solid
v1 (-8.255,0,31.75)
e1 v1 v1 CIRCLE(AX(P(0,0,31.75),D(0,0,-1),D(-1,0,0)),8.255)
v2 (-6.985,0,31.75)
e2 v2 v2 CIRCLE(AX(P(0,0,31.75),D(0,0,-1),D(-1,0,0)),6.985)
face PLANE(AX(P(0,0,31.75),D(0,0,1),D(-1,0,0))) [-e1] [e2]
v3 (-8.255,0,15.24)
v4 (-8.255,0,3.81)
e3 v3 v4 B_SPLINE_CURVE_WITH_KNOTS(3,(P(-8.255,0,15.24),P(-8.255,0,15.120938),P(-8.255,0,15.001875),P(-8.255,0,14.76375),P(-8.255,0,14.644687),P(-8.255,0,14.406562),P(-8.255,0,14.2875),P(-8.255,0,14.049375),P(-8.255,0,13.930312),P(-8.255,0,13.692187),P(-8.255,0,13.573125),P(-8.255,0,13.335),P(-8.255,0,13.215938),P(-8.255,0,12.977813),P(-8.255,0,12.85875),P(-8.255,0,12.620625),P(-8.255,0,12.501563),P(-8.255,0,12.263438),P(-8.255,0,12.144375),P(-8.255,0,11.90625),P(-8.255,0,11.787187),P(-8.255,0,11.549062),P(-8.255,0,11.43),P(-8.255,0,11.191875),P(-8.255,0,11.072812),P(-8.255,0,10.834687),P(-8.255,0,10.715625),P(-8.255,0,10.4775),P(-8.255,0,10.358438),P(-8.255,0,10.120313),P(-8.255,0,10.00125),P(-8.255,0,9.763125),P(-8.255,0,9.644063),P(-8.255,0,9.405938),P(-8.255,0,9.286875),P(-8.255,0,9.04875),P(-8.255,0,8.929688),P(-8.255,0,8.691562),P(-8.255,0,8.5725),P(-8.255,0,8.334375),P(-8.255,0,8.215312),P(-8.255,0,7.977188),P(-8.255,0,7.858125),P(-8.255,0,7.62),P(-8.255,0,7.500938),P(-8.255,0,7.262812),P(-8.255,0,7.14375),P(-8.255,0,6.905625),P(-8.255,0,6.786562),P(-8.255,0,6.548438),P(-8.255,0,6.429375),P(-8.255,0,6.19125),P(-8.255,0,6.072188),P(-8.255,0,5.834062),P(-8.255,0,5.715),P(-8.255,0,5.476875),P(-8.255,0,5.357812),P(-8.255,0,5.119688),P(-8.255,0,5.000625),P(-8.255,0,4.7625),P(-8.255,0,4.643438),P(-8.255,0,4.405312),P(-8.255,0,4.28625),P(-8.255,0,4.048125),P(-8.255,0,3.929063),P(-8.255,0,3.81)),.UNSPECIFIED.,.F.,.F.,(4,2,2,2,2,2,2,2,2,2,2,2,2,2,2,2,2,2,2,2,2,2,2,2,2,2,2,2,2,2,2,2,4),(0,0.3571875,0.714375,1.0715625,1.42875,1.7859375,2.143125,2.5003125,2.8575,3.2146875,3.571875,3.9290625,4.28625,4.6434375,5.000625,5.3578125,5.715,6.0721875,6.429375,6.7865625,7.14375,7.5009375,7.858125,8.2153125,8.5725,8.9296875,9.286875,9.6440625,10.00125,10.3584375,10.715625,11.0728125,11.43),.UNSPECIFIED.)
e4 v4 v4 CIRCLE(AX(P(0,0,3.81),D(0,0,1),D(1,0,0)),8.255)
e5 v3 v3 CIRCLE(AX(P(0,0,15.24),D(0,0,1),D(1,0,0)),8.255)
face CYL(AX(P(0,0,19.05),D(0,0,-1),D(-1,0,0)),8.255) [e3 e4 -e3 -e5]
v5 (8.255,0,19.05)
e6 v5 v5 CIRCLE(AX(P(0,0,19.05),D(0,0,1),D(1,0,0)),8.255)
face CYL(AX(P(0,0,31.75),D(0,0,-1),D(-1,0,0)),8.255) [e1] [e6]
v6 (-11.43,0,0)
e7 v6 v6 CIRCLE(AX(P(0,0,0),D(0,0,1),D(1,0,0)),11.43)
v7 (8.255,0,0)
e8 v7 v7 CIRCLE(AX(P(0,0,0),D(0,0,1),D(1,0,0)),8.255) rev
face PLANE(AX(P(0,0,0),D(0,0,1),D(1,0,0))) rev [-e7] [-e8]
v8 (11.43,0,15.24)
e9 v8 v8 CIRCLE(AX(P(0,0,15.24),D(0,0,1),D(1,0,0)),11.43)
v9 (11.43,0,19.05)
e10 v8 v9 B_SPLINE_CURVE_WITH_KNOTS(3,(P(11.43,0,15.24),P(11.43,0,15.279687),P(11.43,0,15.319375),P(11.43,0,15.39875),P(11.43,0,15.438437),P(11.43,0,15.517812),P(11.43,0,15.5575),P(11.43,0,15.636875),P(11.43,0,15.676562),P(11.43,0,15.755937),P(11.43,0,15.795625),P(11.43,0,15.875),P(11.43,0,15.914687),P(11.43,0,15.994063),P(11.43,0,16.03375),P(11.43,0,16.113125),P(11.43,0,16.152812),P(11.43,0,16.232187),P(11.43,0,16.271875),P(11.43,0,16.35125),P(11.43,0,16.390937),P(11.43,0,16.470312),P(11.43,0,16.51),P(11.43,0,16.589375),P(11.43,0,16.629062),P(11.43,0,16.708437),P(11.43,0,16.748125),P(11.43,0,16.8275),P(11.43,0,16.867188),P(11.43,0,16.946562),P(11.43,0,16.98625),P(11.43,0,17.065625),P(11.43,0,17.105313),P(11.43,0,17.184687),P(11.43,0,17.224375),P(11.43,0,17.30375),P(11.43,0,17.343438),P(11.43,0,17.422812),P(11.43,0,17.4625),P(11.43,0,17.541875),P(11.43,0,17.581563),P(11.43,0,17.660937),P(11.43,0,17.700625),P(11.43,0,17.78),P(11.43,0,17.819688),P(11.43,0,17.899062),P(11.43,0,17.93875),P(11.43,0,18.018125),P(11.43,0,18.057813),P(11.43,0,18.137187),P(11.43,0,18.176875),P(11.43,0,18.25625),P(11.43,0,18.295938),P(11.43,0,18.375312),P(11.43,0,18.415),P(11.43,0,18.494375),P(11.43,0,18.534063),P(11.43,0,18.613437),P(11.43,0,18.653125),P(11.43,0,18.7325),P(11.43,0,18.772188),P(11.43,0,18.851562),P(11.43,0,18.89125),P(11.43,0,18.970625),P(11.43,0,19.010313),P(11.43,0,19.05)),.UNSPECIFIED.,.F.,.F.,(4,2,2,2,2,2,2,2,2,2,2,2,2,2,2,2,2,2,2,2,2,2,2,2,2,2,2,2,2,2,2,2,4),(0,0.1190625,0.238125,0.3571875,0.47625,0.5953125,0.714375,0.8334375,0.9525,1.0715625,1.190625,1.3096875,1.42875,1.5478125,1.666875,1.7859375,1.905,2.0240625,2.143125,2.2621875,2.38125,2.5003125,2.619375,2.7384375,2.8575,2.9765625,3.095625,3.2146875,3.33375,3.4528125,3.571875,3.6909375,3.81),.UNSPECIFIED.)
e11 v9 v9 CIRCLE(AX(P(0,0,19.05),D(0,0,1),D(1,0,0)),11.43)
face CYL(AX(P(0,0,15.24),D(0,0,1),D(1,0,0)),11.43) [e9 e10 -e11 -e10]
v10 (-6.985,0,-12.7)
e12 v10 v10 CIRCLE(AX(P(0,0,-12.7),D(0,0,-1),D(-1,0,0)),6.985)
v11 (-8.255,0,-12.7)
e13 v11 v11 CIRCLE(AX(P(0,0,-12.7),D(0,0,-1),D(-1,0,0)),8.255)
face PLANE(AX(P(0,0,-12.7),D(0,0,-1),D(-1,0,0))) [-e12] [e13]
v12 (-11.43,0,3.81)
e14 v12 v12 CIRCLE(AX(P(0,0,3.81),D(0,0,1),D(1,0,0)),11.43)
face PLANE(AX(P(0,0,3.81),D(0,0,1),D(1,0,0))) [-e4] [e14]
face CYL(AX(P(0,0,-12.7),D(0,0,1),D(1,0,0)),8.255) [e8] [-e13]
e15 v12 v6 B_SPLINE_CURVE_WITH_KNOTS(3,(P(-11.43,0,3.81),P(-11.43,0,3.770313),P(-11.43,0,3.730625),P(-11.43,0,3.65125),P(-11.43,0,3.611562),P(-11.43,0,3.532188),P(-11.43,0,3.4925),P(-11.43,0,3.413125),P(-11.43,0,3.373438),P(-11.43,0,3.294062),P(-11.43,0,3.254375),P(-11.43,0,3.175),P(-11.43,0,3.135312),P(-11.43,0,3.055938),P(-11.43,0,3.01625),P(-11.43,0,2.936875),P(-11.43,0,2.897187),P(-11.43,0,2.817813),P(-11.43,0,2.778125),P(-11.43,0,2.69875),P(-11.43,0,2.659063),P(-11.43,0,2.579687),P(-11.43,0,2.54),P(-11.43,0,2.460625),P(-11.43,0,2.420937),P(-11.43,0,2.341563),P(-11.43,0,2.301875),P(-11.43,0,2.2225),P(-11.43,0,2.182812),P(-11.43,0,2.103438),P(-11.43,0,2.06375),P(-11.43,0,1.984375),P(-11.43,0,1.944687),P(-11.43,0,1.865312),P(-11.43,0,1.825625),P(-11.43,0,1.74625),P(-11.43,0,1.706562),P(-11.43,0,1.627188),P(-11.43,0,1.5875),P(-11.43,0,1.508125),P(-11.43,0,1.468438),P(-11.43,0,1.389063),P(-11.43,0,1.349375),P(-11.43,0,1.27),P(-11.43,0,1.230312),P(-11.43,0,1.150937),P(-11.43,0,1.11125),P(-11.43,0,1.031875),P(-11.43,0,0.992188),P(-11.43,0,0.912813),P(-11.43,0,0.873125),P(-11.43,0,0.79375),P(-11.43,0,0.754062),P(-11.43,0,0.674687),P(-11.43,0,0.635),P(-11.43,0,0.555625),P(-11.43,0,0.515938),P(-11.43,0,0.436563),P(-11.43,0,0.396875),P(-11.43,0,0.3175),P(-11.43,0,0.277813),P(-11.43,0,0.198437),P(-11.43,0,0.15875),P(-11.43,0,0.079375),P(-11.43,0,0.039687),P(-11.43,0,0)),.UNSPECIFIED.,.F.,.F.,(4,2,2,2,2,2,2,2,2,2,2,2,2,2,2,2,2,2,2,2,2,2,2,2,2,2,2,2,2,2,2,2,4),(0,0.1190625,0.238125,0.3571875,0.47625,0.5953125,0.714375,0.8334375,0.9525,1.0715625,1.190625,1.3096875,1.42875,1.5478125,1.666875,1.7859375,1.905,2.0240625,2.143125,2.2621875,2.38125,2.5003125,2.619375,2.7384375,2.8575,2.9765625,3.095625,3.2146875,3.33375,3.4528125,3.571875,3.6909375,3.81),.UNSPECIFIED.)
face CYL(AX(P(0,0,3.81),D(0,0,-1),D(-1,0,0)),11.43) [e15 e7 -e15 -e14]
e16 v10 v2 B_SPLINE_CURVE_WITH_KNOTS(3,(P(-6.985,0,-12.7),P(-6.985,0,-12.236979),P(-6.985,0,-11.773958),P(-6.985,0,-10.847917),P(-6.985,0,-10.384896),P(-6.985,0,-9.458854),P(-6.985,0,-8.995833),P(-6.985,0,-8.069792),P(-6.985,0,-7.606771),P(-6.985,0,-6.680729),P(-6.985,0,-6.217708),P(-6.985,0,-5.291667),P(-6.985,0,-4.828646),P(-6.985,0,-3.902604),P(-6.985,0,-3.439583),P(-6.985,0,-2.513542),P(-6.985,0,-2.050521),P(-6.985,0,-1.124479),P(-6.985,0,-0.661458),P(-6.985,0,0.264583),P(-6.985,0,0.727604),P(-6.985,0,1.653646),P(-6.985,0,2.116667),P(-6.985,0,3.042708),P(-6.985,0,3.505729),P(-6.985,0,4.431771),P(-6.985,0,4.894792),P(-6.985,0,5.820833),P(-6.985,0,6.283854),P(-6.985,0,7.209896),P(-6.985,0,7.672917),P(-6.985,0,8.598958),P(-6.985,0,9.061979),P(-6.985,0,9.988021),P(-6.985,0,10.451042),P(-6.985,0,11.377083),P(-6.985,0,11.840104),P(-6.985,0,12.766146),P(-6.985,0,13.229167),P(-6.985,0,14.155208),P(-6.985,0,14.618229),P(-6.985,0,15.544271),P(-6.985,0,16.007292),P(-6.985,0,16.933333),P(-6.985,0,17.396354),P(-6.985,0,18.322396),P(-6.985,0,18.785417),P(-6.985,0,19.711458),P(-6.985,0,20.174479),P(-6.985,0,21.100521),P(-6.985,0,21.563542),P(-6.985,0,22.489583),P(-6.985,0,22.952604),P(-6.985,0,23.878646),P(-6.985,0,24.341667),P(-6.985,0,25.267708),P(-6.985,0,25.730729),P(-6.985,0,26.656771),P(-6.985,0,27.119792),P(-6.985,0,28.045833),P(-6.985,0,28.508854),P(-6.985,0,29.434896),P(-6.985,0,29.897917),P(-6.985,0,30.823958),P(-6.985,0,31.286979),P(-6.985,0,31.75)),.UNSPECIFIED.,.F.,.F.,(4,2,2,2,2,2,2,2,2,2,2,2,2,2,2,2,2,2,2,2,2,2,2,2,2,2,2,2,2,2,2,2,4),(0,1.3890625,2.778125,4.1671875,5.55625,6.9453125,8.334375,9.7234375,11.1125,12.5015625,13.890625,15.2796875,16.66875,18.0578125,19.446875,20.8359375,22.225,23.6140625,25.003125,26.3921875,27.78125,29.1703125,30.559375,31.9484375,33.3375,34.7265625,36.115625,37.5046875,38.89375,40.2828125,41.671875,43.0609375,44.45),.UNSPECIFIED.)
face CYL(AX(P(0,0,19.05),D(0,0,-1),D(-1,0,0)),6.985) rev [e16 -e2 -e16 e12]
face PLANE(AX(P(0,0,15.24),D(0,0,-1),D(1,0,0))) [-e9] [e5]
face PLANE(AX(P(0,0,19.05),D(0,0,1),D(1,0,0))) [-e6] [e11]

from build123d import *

# Parameters (mm, degrees)
SKETCH1_R           = 8.255
SKETCH1_R_2         = 6.985
BOSS_EXTRUDE1_DEPTH = 19.05
SKETCH2_R           = 11.43
SKETCH2_R_2         = 8.255
BOSS_EXTRUDE2_DEPTH = 3.81
BOSS_EXTRUDE3_START = 12.7
SKETCH3_R           = 8.255
SKETCH3_R_2         = 6.985
BOSS_EXTRUDE3_DEPTH = 12.7


with BuildPart() as part:
    # Sketch1 → Boss-Extrude1 (new body)
    with BuildSketch(Plane.XY):
        with Locations(Location((0, 0, 0), (0, 0, 180))):
            Circle(SKETCH1_R)
        with Locations(Location((0, 0, 0), (0, 0, 180))):
            Circle(SKETCH1_R_2, mode=Mode.SUBTRACT)
    extrude(amount=BOSS_EXTRUDE1_DEPTH)

    # Sketch2 → Boss-Extrude2 (add)
    with BuildSketch(Plane.XY):
        with Locations(Location((0, 0, 0), (0, 0, 180))):
            Circle(SKETCH2_R)
        with Locations(Location((0, 0, 0), (0, 0, 180))):
            Circle(SKETCH2_R_2, mode=Mode.SUBTRACT)
    boss_extrude2 = extrude(amount=BOSS_EXTRUDE2_DEPTH)

    # Sketch3 → Boss-Extrude3 (add)
    with BuildSketch(Plane(origin=(0, 0, 0), x_dir=(-1, 0, 0), z_dir=(0, 0, -1)).offset(BOSS_EXTRUDE3_START)):
        Circle(SKETCH3_R)
        Circle(SKETCH3_R_2, mode=Mode.SUBTRACT)
    boss_extrude3 = extrude(amount=-BOSS_EXTRUDE3_DEPTH)

    # Mirror1: Boss-Extrude2 across plane
    add(boss_extrude2.mirror(Plane(origin=(0, 0, 9.525), x_dir=(1, 0, 0), z_dir=(0, 0, -1))))

    # Mirror2: Boss-Extrude3 across plane
    add(boss_extrude3.mirror(Plane(origin=(0, 0, 9.525), x_dir=(1, 0, 0), z_dir=(0, 0, -1))))


solid = part.part
